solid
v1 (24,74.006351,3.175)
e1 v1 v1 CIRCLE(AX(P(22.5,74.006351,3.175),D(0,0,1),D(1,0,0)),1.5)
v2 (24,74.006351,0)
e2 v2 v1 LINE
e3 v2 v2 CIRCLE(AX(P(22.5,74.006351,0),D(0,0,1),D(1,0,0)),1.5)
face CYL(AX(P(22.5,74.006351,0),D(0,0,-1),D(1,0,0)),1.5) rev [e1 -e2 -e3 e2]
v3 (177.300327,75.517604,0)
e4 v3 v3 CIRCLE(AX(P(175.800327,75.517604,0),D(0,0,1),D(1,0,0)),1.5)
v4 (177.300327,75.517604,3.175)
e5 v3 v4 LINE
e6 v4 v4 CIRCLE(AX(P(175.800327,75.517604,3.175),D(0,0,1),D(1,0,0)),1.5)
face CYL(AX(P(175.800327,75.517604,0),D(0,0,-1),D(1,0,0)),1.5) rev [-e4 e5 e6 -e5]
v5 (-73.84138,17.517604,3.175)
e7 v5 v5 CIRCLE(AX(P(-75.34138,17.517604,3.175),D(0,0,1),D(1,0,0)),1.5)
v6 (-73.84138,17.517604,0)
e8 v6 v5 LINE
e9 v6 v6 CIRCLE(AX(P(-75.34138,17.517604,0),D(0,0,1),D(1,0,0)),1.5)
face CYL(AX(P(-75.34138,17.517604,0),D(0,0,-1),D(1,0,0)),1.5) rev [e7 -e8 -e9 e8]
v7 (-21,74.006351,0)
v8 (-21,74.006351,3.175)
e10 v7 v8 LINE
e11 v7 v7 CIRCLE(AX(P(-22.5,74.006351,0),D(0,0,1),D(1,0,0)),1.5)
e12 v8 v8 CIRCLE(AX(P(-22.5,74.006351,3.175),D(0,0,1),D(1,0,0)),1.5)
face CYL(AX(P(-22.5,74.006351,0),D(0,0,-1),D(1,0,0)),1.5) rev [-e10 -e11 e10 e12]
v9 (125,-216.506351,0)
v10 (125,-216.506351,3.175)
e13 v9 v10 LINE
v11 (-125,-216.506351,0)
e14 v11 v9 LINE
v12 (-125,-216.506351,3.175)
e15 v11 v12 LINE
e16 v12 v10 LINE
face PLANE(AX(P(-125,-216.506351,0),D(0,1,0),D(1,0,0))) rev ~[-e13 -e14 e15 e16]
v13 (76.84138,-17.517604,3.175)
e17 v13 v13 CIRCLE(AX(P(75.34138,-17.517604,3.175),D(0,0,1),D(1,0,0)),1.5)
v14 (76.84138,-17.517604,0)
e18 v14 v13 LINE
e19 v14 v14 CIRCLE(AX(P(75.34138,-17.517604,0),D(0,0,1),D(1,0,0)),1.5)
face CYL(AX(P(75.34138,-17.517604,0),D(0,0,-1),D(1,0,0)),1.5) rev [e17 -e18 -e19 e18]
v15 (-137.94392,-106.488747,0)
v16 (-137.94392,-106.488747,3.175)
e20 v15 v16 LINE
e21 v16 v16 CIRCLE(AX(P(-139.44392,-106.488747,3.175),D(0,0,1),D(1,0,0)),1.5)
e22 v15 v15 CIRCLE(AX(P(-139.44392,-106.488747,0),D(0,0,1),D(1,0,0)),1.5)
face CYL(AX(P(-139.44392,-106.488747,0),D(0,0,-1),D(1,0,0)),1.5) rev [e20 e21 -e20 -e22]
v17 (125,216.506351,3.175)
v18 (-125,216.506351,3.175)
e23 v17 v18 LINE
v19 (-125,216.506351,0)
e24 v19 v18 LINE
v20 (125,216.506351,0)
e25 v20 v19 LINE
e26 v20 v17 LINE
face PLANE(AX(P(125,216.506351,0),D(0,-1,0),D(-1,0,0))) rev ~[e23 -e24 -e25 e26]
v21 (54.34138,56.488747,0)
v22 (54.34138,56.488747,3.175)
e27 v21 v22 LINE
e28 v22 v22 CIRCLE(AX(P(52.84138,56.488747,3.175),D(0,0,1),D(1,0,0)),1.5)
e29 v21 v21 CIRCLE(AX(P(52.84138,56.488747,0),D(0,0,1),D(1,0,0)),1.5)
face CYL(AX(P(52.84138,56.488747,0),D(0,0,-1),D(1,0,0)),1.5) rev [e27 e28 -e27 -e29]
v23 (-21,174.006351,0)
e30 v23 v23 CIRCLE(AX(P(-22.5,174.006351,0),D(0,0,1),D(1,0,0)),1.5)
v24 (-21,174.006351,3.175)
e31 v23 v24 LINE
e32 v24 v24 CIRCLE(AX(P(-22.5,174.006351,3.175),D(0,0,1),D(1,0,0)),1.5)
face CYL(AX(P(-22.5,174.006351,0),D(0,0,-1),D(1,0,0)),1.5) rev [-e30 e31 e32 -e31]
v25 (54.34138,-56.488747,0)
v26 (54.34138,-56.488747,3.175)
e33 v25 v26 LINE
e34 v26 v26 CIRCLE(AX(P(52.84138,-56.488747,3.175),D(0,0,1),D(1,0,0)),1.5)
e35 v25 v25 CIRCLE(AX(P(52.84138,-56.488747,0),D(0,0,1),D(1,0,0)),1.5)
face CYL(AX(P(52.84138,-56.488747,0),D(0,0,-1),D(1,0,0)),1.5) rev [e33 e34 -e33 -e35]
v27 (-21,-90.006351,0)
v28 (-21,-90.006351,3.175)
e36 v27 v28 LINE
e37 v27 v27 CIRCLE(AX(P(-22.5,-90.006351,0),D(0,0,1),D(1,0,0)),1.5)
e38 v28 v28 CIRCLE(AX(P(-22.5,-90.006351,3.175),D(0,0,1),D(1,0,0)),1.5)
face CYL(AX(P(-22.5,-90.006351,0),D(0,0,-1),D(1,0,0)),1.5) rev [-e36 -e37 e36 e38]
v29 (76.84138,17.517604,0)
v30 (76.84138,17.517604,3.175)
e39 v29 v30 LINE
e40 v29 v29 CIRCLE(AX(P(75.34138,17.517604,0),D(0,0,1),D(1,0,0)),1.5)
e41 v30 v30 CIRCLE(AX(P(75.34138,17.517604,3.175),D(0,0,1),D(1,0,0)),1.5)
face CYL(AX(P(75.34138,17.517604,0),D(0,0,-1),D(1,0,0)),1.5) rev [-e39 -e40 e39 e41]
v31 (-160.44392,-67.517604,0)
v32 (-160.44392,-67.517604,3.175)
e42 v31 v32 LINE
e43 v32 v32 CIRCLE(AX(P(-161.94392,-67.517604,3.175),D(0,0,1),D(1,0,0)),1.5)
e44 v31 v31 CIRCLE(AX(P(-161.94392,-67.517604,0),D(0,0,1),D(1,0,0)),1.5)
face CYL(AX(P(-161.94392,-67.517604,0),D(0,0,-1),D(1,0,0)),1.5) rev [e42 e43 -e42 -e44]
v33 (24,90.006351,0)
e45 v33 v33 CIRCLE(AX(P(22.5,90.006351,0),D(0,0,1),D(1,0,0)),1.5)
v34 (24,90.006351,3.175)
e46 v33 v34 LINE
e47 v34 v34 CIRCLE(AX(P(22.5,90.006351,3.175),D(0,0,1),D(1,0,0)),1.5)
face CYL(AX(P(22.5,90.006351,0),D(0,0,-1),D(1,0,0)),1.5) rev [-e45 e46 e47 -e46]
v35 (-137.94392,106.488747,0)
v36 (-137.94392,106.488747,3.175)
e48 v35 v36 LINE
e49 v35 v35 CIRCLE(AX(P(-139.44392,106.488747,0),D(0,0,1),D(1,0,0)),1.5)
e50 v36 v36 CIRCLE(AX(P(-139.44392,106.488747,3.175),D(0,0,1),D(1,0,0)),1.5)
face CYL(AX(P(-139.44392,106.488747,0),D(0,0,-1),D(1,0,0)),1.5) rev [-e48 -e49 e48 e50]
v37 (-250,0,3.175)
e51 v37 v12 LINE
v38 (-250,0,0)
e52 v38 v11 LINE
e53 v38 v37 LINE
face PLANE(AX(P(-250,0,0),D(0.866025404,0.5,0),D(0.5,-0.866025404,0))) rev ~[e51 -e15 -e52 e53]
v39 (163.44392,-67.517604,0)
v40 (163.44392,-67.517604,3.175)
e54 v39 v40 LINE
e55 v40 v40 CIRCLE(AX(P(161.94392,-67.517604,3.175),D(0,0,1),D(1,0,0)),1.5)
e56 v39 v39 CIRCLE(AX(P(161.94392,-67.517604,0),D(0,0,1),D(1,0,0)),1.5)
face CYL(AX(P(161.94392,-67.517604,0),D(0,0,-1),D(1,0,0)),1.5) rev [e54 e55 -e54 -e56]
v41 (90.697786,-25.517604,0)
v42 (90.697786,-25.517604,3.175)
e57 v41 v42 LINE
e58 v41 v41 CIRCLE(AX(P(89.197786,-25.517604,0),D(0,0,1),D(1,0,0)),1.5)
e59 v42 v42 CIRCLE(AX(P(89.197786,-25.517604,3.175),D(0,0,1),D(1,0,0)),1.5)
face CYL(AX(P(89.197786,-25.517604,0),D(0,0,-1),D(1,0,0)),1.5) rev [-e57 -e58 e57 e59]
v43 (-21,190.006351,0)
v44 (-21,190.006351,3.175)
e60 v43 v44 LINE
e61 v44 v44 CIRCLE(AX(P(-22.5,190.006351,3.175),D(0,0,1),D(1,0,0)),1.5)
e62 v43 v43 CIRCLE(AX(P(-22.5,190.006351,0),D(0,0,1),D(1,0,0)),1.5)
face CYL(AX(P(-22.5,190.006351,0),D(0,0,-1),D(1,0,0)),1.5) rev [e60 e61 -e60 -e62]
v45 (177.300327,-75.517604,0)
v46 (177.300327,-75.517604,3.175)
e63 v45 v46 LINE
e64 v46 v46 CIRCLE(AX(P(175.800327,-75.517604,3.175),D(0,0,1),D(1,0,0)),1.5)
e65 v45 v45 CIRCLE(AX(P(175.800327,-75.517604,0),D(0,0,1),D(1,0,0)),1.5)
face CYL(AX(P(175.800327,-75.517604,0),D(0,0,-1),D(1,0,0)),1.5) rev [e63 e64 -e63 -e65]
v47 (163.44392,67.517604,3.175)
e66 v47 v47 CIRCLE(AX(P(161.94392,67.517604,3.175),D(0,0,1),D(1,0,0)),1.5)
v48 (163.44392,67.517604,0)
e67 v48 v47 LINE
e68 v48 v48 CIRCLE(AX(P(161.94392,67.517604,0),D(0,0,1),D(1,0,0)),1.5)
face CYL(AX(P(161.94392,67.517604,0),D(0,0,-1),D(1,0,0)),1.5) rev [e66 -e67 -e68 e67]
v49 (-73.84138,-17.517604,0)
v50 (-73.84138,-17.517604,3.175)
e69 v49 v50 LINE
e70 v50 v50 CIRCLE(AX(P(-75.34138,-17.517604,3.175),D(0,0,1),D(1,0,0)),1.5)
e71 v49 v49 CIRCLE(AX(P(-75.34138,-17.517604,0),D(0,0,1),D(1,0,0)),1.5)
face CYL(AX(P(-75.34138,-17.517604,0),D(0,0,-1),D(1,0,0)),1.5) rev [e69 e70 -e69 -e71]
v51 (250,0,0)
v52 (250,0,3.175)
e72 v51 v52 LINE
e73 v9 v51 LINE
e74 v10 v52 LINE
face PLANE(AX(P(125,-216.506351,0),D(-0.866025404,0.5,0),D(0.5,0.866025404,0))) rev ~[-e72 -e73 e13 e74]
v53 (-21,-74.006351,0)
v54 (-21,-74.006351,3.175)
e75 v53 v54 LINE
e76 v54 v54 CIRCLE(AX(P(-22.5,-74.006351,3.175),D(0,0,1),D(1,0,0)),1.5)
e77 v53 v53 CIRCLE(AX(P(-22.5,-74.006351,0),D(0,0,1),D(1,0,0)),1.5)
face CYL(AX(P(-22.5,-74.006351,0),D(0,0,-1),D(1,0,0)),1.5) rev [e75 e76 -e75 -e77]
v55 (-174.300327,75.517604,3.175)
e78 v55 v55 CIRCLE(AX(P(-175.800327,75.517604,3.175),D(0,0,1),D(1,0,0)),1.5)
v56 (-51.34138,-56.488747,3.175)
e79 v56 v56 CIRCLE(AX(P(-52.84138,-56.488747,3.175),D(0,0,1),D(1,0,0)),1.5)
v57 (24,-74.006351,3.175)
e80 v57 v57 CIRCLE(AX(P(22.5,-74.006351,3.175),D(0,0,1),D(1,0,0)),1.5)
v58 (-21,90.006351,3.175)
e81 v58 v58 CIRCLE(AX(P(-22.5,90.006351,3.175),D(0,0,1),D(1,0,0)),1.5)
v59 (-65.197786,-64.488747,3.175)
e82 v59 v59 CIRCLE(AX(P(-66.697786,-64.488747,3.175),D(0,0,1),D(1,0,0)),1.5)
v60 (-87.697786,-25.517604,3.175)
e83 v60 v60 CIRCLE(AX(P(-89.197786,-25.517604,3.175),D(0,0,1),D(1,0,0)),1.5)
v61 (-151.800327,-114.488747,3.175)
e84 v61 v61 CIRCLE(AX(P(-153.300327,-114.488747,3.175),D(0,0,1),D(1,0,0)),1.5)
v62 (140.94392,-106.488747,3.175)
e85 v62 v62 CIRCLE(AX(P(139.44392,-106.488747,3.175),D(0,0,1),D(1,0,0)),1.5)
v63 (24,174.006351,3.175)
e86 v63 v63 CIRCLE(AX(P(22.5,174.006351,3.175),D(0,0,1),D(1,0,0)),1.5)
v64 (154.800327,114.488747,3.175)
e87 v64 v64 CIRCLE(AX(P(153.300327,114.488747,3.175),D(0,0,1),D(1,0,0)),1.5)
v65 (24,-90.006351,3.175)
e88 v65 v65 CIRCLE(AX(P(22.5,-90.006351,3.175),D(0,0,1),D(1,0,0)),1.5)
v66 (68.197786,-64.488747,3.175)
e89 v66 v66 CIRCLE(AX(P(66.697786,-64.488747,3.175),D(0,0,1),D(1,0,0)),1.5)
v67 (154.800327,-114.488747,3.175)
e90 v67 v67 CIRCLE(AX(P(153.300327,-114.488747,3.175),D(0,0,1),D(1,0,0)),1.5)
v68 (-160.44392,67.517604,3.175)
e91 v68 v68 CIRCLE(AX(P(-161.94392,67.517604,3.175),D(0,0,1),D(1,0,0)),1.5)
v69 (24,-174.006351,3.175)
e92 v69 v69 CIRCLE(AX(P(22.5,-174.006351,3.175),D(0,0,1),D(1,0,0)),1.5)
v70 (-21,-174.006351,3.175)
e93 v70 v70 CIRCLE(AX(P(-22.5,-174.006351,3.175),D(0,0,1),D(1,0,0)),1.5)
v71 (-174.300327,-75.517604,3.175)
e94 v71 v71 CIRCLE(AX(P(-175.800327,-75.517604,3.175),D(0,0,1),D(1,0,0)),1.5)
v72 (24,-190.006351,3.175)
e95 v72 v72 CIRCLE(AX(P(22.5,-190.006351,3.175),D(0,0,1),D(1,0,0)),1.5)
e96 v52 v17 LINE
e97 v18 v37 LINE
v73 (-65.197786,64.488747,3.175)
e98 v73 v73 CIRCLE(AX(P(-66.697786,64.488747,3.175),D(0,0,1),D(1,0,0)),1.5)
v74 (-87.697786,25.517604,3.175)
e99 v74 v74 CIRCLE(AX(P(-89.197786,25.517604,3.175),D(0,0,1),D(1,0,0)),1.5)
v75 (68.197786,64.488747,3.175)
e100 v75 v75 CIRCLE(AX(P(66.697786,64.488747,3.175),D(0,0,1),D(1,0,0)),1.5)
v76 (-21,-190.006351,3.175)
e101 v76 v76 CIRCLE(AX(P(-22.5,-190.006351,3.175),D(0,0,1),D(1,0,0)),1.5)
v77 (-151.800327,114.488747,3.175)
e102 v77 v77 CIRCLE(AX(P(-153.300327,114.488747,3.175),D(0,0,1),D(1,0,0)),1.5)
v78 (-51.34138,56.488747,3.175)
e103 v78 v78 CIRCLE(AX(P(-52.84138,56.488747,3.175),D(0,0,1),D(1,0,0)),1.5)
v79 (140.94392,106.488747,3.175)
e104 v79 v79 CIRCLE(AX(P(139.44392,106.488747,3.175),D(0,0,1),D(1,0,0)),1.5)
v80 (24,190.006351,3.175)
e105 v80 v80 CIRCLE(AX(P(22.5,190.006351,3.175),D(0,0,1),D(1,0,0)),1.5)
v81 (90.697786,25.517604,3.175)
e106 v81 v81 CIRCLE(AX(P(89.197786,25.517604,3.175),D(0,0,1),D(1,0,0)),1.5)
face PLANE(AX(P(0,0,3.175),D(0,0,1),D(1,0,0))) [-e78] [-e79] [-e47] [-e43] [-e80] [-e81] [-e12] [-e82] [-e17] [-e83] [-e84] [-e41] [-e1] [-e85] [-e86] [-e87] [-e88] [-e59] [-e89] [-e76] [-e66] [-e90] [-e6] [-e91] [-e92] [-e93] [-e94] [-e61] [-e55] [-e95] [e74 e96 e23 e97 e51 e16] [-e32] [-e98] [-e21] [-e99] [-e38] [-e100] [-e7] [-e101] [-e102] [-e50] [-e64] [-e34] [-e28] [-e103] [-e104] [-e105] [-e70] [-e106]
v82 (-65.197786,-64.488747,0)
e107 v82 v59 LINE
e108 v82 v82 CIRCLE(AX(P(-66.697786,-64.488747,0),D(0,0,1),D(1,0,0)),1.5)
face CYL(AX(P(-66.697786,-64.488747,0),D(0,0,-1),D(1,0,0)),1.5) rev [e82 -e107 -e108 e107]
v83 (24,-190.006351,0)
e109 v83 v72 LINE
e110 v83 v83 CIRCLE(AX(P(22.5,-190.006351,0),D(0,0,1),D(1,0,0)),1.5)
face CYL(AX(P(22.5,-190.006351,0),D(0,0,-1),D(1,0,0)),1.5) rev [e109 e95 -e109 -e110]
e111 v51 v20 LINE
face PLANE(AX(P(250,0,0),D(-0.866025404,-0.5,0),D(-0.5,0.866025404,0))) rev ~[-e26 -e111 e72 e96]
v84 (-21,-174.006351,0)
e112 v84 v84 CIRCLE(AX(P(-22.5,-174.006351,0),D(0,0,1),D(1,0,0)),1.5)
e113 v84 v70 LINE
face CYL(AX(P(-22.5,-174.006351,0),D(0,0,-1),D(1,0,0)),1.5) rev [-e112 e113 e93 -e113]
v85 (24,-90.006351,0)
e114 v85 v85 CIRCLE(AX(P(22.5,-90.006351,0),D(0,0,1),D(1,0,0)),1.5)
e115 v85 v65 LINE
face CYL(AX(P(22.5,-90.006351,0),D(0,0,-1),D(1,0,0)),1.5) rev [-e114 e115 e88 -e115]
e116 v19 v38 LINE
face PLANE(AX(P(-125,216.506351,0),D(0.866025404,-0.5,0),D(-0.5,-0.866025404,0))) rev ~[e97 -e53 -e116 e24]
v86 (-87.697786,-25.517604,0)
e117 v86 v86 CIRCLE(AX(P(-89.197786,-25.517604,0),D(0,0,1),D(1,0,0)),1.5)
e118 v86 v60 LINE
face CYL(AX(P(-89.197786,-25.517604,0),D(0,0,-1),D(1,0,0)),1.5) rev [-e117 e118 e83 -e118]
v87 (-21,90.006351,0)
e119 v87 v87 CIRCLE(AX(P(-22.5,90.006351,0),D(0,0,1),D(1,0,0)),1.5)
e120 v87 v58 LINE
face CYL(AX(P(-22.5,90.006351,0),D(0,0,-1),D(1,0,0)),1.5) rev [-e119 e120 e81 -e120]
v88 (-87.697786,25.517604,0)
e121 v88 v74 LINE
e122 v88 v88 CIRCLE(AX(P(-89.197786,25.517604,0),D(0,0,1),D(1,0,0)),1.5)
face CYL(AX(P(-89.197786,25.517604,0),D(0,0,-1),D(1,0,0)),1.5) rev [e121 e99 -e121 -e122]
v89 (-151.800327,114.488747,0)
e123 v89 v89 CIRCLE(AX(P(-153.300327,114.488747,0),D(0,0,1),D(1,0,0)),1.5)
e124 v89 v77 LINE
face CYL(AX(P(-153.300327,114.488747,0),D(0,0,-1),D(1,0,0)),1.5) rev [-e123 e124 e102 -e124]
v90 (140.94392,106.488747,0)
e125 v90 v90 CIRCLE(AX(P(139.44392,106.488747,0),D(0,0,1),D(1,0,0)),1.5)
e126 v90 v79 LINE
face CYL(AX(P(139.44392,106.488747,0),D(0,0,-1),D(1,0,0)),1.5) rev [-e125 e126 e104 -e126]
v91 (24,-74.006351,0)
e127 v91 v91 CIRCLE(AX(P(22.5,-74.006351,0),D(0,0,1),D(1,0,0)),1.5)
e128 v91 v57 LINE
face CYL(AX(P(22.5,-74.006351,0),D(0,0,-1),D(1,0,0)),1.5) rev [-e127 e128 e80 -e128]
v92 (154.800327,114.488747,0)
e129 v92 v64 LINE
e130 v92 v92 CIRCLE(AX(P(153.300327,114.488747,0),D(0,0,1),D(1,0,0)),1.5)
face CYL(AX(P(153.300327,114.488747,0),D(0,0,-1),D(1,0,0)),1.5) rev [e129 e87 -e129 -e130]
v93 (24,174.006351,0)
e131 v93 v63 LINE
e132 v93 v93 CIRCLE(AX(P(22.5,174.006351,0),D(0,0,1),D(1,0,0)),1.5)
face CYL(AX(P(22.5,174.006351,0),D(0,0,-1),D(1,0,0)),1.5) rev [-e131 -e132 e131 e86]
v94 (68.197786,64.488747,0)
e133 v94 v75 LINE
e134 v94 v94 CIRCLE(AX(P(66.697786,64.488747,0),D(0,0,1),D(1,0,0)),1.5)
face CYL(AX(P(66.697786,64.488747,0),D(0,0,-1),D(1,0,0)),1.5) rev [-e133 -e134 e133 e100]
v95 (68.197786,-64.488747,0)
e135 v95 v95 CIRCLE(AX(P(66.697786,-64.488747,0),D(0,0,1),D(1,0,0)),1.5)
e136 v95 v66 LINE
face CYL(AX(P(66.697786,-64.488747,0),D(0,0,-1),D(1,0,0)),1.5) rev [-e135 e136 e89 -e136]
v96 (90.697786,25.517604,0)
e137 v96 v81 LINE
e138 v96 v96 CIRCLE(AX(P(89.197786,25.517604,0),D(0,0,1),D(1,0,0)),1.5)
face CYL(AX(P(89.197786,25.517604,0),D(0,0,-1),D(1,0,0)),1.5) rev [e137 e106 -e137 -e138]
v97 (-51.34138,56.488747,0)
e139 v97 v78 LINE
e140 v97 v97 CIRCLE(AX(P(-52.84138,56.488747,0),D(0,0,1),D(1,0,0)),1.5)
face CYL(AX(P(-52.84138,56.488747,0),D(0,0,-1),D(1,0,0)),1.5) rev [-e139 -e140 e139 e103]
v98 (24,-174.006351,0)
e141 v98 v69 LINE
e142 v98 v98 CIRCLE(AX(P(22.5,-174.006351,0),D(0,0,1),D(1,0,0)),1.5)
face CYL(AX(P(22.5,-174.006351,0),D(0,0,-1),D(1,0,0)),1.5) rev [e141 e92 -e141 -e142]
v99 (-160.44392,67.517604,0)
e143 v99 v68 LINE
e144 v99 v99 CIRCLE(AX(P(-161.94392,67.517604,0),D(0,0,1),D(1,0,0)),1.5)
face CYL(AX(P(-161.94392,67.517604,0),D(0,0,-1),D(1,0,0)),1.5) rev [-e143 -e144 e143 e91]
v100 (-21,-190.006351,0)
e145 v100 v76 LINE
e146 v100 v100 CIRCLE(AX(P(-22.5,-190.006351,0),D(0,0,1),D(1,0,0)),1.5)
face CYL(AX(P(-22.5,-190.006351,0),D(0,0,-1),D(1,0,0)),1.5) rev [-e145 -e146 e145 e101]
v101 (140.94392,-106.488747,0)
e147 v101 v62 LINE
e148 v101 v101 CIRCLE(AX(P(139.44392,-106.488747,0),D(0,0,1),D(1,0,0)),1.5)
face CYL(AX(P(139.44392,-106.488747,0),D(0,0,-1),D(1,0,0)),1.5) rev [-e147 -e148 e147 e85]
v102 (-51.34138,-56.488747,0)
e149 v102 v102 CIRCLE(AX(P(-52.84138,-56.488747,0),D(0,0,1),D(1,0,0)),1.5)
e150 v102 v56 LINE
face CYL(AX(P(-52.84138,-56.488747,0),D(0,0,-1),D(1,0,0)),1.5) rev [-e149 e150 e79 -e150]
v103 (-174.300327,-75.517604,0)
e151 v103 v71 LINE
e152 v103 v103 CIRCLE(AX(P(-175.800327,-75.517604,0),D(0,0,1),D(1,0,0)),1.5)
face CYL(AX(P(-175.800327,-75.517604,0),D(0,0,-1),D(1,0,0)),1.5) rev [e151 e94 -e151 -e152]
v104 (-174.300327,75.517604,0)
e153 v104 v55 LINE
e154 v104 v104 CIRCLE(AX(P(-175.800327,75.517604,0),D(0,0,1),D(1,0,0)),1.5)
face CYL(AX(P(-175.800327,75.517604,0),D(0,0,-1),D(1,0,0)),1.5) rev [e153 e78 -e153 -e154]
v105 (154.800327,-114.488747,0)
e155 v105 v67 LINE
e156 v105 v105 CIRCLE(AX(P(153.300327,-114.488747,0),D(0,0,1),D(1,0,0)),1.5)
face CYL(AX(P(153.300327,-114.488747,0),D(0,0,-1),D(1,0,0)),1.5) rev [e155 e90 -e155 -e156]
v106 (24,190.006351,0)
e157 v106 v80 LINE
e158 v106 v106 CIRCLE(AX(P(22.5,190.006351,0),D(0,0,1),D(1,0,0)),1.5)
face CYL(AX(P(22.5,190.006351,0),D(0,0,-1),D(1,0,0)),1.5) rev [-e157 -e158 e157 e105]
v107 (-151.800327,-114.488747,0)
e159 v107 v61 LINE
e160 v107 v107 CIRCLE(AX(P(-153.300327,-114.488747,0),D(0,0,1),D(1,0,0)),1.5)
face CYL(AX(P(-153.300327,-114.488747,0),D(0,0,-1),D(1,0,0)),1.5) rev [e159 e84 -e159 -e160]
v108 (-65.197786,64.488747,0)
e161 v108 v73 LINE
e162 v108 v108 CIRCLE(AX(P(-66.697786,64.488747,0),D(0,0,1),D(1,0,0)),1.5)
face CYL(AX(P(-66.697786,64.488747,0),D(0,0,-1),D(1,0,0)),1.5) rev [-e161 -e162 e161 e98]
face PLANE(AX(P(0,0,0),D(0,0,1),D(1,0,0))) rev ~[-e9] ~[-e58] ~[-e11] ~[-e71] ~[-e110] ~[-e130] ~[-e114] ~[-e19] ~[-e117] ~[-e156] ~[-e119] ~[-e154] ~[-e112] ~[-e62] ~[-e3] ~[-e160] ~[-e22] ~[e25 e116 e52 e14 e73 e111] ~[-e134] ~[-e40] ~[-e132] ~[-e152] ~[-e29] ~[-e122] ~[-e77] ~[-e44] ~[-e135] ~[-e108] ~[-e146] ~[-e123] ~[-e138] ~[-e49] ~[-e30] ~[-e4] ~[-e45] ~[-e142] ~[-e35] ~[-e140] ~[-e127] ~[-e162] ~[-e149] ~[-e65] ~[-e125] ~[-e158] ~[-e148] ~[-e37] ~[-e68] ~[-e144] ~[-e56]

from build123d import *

# Parameters (mm, degrees)
F0_R     = 1.5
F1_DEPTH = 3.175


with BuildPart() as f1:
    # F0 (on Top) → F1 (new body)
    with BuildSketch(Plane.XY):
        Polygon((125, -216.506351), (250, 0), (125, 216.506351), (-125, 216.506351), (-250, 0), (-125, -216.506351), align=None)
        with Locations((-153.300327, -114.488747)):
            Circle(F0_R, mode=Mode.SUBTRACT)
        with Locations((-22.5, -190.006351)):
            Circle(F0_R, mode=Mode.SUBTRACT)
        with Locations((-22.5, -174.006351)):
            Circle(F0_R, mode=Mode.SUBTRACT)
        with Locations((-139.44392, -106.488747)):
            Circle(F0_R, mode=Mode.SUBTRACT)
        with Locations((-175.800327, -75.517604)):
            Circle(F0_R, mode=Mode.SUBTRACT)
        with Locations((-161.94392, -67.517604)):
            Circle(F0_R, mode=Mode.SUBTRACT)
        with Locations((-66.697786, -64.488747)):
            Circle(F0_R, mode=Mode.SUBTRACT)
        with Locations((-22.5, -90.006351)):
            Circle(F0_R, mode=Mode.SUBTRACT)
        with Locations((-52.84138, -56.488747)):
            Circle(F0_R, mode=Mode.SUBTRACT)
        with Locations((-22.5, -74.006351)):
            Circle(F0_R, mode=Mode.SUBTRACT)
        with Locations((-89.197786, -25.517604)):
            Circle(F0_R, mode=Mode.SUBTRACT)
        with Locations((-75.34138, -17.517604)):
            Circle(F0_R, mode=Mode.SUBTRACT)
        with Locations((22.5, -190.006351)):
            Circle(F0_R, mode=Mode.SUBTRACT)
        with Locations((22.5, -174.006351)):
            Circle(F0_R, mode=Mode.SUBTRACT)
        with Locations((153.300327, -114.488747)):
            Circle(F0_R, mode=Mode.SUBTRACT)
        with Locations((22.5, -90.006351)):
            Circle(F0_R, mode=Mode.SUBTRACT)
        with Locations((22.5, -74.006351)):
            Circle(F0_R, mode=Mode.SUBTRACT)
        with Locations((52.84138, -56.488747)):
            Circle(F0_R, mode=Mode.SUBTRACT)
        with Locations((66.697786, -64.488747)):
            Circle(F0_R, mode=Mode.SUBTRACT)
        with Locations((75.34138, -17.517604)):
            Circle(F0_R, mode=Mode.SUBTRACT)
        with Locations((89.197786, -25.517604)):
            Circle(F0_R, mode=Mode.SUBTRACT)
        with Locations((139.44392, -106.488747)):
            Circle(F0_R, mode=Mode.SUBTRACT)
        with Locations((175.800327, -75.517604)):
            Circle(F0_R, mode=Mode.SUBTRACT)
        with Locations((161.94392, -67.517604)):
            Circle(F0_R, mode=Mode.SUBTRACT)
        with Locations((-161.94392, 67.517604)):
            Circle(F0_R, mode=Mode.SUBTRACT)
        with Locations((-175.800327, 75.517604)):
            Circle(F0_R, mode=Mode.SUBTRACT)
        with Locations((-139.44392, 106.488747)):
            Circle(F0_R, mode=Mode.SUBTRACT)
        with Locations((-89.197786, 25.517604)):
            Circle(F0_R, mode=Mode.SUBTRACT)
        with Locations((-75.34138, 17.517604)):
            Circle(F0_R, mode=Mode.SUBTRACT)
        with Locations((-66.697786, 64.488747)):
            Circle(F0_R, mode=Mode.SUBTRACT)
        with Locations((-52.84138, 56.488747)):
            Circle(F0_R, mode=Mode.SUBTRACT)
        with Locations((-22.5, 74.006351)):
            Circle(F0_R, mode=Mode.SUBTRACT)
        with Locations((-22.5, 90.006351)):
            Circle(F0_R, mode=Mode.SUBTRACT)
        with Locations((-153.300327, 114.488747)):
            Circle(F0_R, mode=Mode.SUBTRACT)
        with Locations((-22.5, 174.006351)):
            Circle(F0_R, mode=Mode.SUBTRACT)
        with Locations((-22.5, 190.006351)):
            Circle(F0_R, mode=Mode.SUBTRACT)
        with Locations((75.34138, 17.517604)):
            Circle(F0_R, mode=Mode.SUBTRACT)
        with Locations((89.197786, 25.517604)):
            Circle(F0_R, mode=Mode.SUBTRACT)
        with Locations((22.5, 74.006351)):
            Circle(F0_R, mode=Mode.SUBTRACT)
        with Locations((52.84138, 56.488747)):
            Circle(F0_R, mode=Mode.SUBTRACT)
        with Locations((22.5, 90.006351)):
            Circle(F0_R, mode=Mode.SUBTRACT)
        with Locations((66.697786, 64.488747)):
            Circle(F0_R, mode=Mode.SUBTRACT)
        with Locations((161.94392, 67.517604)):
            Circle(F0_R, mode=Mode.SUBTRACT)
        with Locations((175.800327, 75.517604)):
            Circle(F0_R, mode=Mode.SUBTRACT)
        with Locations((139.44392, 106.488747)):
            Circle(F0_R, mode=Mode.SUBTRACT)
        with Locations((22.5, 174.006351)):
            Circle(F0_R, mode=Mode.SUBTRACT)
        with Locations((22.5, 190.006351)):
            Circle(F0_R, mode=Mode.SUBTRACT)
        with Locations((153.300327, 114.488747)):
            Circle(F0_R, mode=Mode.SUBTRACT)
    extrude(amount=F1_DEPTH)


solid = f1.part
